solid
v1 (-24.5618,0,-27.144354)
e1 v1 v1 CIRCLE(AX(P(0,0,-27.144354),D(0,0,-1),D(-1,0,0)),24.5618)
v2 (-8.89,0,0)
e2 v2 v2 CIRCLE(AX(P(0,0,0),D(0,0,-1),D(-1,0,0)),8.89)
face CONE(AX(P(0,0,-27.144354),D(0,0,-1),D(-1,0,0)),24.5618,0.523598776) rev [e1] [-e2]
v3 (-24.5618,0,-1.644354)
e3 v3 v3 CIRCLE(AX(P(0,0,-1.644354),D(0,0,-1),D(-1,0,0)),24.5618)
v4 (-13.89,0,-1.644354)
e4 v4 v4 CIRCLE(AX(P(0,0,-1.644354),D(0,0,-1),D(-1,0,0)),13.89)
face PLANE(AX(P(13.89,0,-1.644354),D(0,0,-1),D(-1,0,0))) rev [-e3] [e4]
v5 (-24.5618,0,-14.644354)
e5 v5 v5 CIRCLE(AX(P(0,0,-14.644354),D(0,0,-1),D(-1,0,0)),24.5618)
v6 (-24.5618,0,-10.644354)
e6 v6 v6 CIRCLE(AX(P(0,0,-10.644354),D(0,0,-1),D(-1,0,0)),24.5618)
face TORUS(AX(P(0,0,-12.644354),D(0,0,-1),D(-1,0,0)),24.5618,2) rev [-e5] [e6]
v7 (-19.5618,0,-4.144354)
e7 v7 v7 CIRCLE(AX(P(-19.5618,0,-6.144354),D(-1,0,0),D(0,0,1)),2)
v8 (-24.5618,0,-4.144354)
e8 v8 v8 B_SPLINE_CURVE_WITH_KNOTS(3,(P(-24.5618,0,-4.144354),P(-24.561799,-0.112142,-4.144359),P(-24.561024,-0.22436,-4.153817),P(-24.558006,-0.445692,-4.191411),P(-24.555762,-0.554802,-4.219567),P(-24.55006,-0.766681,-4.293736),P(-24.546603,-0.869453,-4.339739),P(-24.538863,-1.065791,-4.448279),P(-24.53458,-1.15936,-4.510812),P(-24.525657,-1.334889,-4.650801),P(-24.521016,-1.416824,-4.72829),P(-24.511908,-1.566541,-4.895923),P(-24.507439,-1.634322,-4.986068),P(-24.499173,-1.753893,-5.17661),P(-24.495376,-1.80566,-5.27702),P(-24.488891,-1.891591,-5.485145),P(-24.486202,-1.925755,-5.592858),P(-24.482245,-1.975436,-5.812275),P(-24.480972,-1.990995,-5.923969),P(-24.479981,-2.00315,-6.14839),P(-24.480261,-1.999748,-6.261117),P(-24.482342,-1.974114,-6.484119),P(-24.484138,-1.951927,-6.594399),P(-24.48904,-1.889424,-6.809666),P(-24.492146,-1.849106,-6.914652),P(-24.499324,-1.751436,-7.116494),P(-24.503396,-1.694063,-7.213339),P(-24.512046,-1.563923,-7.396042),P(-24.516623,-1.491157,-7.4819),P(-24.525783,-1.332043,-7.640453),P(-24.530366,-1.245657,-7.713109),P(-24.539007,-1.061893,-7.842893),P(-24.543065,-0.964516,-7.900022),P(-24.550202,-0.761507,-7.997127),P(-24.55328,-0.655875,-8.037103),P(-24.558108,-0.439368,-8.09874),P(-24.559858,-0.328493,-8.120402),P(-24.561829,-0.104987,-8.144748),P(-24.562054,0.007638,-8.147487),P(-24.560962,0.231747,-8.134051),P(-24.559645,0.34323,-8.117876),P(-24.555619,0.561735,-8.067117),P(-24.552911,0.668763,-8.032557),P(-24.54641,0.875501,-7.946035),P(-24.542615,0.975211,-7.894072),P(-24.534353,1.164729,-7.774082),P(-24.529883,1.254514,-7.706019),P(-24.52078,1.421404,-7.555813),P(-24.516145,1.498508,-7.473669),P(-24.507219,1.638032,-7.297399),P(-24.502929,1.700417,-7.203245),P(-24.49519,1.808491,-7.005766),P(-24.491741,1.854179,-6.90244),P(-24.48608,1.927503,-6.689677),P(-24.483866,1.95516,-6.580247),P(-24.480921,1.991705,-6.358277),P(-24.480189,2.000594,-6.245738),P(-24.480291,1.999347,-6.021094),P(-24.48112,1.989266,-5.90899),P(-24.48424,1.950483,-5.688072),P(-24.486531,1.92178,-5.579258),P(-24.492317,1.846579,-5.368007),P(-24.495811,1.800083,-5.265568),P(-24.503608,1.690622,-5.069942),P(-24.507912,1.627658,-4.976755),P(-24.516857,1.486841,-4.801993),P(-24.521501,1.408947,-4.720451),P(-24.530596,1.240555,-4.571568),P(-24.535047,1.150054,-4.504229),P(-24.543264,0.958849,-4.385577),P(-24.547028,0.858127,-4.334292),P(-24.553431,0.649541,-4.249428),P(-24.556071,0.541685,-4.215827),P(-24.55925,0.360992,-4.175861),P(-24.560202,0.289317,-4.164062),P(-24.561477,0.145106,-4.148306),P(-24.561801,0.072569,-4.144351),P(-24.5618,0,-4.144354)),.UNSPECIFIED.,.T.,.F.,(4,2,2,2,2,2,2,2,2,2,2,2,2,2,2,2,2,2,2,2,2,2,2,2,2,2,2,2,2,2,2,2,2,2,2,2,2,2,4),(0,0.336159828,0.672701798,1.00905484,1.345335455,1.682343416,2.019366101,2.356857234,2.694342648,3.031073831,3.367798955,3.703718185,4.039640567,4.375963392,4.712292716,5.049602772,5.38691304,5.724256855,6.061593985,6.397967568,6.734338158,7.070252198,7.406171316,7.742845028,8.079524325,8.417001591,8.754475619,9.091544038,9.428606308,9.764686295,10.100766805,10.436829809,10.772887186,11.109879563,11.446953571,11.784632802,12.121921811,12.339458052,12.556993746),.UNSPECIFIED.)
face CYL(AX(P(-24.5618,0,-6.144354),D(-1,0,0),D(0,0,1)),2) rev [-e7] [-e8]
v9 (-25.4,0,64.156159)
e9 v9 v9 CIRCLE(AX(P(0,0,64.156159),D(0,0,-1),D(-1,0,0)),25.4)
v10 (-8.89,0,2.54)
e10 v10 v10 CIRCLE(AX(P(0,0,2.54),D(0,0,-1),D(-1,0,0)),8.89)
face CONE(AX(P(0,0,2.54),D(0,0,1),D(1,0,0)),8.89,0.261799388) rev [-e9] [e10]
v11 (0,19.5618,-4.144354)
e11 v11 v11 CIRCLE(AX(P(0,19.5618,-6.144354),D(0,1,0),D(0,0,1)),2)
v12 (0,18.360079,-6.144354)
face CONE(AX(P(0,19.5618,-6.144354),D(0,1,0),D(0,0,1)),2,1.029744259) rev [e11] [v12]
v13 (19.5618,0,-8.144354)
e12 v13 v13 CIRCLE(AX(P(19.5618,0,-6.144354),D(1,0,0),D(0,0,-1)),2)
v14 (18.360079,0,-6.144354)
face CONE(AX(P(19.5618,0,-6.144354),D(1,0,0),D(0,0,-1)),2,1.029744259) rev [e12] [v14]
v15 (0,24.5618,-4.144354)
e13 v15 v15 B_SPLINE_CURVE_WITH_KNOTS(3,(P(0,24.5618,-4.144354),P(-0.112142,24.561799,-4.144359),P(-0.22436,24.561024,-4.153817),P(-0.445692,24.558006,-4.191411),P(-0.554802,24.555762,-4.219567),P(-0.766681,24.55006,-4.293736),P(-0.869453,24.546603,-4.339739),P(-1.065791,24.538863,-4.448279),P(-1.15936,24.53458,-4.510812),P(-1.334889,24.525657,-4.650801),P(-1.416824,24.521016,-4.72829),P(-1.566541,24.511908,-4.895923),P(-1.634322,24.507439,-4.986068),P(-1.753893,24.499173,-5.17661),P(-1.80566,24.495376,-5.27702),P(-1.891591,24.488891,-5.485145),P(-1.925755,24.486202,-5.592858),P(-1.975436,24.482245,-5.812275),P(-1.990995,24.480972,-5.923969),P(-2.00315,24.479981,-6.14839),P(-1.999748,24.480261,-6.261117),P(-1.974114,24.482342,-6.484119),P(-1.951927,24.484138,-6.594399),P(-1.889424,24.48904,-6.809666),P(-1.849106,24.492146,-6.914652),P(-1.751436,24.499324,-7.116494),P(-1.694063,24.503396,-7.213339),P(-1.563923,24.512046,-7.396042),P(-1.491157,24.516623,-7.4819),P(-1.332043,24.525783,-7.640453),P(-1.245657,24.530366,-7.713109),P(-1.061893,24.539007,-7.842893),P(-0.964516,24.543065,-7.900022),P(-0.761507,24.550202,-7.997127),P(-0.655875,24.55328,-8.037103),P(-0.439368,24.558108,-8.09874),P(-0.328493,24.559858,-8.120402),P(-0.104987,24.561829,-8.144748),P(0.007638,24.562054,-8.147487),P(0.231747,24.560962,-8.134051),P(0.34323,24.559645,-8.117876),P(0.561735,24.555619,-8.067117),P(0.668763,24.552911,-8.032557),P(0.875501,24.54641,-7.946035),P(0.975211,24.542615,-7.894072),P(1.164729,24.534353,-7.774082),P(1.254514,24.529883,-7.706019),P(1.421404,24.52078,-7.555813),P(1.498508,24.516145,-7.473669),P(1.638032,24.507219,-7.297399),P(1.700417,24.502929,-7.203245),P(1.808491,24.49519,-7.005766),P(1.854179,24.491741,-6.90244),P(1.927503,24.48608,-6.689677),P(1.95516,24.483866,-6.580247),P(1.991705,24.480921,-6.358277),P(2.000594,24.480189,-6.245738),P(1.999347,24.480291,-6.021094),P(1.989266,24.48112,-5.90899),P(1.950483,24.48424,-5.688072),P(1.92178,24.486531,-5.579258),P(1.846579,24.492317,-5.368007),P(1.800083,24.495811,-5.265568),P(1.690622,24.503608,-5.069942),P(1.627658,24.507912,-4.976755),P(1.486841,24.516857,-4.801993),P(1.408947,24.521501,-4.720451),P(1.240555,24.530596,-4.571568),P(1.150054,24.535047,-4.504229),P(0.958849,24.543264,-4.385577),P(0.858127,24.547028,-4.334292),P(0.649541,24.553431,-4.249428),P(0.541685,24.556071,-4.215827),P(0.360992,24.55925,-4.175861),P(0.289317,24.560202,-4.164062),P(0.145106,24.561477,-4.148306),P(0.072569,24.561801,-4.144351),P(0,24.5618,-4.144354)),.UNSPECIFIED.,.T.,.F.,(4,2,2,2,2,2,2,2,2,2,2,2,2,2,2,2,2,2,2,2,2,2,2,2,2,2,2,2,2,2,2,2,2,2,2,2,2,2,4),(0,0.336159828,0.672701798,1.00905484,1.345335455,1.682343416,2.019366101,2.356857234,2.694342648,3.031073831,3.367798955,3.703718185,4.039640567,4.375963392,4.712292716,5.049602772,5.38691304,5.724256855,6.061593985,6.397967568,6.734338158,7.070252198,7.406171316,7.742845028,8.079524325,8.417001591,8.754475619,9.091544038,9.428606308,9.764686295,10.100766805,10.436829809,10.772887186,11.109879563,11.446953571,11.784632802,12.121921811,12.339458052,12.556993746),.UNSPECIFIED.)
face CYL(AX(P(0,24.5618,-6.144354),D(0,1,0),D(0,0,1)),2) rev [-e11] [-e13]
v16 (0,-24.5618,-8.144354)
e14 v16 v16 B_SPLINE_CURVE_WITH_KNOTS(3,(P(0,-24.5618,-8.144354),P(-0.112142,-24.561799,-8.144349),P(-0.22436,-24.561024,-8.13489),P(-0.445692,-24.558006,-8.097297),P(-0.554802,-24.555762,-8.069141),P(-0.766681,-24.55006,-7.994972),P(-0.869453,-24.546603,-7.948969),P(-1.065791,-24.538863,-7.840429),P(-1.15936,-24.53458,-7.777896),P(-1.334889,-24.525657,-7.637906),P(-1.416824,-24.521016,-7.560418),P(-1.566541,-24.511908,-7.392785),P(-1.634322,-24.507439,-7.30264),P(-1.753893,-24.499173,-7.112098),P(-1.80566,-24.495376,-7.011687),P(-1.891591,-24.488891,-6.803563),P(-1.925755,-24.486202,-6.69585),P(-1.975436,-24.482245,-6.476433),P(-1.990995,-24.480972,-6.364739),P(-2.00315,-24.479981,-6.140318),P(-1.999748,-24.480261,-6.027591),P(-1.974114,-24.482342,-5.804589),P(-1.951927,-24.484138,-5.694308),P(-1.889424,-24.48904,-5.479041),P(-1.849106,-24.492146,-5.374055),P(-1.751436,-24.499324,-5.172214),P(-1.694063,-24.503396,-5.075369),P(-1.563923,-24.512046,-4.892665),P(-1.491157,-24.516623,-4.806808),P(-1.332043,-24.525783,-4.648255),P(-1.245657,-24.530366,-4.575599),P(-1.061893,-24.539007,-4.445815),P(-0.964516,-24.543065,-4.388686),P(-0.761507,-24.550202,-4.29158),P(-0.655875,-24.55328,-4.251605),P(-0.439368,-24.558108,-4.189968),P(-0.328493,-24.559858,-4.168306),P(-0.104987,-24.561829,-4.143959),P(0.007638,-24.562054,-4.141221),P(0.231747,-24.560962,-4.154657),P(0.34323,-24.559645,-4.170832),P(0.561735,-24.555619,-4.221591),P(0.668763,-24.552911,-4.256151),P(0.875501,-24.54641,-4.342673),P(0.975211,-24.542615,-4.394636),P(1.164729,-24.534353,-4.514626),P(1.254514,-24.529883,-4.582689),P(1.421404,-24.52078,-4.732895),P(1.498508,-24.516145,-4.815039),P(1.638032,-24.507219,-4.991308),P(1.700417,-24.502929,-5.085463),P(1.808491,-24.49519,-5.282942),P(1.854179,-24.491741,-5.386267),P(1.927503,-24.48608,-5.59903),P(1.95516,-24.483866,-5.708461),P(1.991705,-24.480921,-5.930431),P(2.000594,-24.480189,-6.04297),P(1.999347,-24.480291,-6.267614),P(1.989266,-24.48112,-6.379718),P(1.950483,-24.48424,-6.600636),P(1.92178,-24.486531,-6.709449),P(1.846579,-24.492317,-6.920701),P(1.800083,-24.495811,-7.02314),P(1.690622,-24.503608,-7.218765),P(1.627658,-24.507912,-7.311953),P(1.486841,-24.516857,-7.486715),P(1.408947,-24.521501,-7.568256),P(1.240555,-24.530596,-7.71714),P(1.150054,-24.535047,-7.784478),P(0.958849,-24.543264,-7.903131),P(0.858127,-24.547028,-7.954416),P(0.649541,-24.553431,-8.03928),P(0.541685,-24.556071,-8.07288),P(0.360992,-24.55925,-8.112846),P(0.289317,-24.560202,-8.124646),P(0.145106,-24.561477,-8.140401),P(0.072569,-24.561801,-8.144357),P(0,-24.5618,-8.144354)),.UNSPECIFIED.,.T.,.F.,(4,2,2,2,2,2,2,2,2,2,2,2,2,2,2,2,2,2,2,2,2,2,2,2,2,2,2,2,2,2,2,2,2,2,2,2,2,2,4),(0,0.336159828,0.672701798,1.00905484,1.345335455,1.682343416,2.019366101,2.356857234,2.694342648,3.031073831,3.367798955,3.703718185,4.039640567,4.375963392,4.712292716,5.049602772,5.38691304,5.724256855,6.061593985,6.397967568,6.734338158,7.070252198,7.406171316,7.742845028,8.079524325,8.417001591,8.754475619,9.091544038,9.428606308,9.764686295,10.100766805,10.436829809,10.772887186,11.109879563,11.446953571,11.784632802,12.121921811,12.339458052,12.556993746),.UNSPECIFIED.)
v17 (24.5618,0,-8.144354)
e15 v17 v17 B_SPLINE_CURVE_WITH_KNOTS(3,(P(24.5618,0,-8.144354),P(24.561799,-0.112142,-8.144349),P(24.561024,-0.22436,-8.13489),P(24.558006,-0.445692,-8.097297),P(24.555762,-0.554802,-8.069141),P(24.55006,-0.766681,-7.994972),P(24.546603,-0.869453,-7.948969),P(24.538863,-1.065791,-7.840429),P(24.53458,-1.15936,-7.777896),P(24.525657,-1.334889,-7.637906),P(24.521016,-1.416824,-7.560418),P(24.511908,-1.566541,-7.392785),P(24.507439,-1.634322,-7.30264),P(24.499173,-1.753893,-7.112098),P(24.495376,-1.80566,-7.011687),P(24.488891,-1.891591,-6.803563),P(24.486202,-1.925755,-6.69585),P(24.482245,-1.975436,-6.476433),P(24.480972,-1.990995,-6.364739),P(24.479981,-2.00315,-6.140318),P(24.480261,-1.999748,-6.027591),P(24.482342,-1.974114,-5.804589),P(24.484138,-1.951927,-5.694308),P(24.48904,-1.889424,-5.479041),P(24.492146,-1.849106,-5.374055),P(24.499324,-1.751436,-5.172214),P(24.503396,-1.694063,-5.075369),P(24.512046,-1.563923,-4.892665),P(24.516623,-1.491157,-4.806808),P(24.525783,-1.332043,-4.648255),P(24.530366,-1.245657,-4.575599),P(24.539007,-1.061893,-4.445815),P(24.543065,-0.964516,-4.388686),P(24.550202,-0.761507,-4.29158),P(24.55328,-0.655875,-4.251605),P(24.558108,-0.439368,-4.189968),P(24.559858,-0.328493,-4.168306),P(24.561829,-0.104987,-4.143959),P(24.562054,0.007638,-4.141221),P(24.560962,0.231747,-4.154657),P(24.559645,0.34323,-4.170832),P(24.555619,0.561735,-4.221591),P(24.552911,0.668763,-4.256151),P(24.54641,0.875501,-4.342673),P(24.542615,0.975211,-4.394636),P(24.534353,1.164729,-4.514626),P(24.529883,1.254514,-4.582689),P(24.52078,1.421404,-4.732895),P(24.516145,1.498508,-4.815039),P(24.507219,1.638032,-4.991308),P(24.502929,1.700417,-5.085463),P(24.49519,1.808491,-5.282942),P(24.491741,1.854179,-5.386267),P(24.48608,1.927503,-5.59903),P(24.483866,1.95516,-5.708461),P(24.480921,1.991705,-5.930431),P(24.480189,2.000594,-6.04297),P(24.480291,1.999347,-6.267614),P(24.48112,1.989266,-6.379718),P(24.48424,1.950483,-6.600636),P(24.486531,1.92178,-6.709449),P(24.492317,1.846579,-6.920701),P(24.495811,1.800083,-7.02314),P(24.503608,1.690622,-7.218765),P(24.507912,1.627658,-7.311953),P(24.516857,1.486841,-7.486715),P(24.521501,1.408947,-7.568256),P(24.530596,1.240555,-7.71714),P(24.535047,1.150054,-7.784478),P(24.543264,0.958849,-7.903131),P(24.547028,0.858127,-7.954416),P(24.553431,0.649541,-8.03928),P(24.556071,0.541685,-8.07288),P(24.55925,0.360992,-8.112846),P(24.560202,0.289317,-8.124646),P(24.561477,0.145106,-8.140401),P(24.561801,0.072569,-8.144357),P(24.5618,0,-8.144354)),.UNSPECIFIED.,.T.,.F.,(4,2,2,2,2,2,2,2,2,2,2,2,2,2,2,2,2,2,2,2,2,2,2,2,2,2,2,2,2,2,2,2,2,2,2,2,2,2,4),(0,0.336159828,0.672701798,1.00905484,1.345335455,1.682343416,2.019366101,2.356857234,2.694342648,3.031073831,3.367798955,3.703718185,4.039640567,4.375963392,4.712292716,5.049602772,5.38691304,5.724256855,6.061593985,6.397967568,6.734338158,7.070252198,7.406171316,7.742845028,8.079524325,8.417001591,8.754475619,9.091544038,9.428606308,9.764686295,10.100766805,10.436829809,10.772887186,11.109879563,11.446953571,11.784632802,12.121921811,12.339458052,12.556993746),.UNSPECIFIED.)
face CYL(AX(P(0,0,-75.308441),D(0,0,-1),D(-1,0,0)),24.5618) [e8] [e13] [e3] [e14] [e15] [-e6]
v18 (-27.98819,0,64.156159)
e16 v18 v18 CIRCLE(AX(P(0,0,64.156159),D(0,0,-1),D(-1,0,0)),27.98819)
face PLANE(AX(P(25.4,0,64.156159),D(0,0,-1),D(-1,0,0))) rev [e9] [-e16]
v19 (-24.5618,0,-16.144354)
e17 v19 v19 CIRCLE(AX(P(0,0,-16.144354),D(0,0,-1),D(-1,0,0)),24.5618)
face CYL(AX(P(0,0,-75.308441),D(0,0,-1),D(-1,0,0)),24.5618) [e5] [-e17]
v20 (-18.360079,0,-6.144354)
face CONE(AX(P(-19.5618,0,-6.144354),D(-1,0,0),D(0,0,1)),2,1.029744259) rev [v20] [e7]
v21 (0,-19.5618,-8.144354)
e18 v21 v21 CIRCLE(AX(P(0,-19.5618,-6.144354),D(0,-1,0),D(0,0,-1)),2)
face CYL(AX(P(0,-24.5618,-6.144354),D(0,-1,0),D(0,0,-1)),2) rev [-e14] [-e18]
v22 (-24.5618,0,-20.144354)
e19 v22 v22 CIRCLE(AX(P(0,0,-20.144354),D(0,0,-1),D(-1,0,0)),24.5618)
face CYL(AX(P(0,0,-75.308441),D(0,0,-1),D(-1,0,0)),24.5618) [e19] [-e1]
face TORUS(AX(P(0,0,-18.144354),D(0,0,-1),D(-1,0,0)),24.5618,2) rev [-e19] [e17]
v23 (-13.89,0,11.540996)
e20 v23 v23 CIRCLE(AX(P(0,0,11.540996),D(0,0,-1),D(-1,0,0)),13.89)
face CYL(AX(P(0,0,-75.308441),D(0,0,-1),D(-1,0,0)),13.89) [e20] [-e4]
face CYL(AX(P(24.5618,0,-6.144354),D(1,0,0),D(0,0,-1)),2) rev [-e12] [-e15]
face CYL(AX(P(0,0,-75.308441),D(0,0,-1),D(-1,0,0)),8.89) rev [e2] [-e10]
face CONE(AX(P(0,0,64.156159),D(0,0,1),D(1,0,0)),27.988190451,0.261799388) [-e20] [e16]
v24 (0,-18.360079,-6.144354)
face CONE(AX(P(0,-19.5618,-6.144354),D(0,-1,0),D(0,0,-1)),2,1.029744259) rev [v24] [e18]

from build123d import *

# Parameters (mm, degrees)
F_4_0MM_DOWEL_HOLE1_D               = 4
F_4_0MM_DOWEL_HOLE1_DEPTH           = 5
F_4_0MM_DOWEL_HOLE1_TIP             = 1.201721238
F_4_0MM_DOWEL_HOLE1_ON_FACE_2_D     = 4
F_4_0MM_DOWEL_HOLE1_ON_FACE_2_DEPTH = 5
F_4_0MM_DOWEL_HOLE1_ON_FACE_2_TIP   = 1.201721238
F_4_0MM_DOWEL_HOLE1_ON_FACE_3_D     = 4
F_4_0MM_DOWEL_HOLE1_ON_FACE_3_DEPTH = 5
F_4_0MM_DOWEL_HOLE1_ON_FACE_3_TIP   = 1.201721238
F_4_0MM_DOWEL_HOLE1_ON_FACE_4_D     = 4
F_4_0MM_DOWEL_HOLE1_ON_FACE_4_DEPTH = 5
F_4_0MM_DOWEL_HOLE1_ON_FACE_4_TIP   = 1.201721238
F_4_0MM_DOWEL_HOLE1_ON_FACE_5_D     = 4
F_4_0MM_DOWEL_HOLE1_ON_FACE_5_DEPTH = 5
F_4_0MM_DOWEL_HOLE1_ON_FACE_5_TIP   = 1.201721238


with BuildPart() as part:
    # Sketch1 → Revolve2 (revolve)
    with BuildSketch(Plane(origin=(0, 0, 0), x_dir=(1, 0, 0), z_dir=(0, 1, 0)), mode=Mode.PRIVATE) as revolve2_sk:
        with BuildLine():
            Line((24.5618, 27.144353846), (8.89, 0))
            Line((8.89, 0), (8.89, -2.54))
            Line((8.89, -2.54), (25.4, -64.156158833))
            Line((25.4, -64.156158833), (27.988190451, -64.156158833))
            Line((27.988190451, -64.156158833), (13.89, -11.540995775))
            Line((13.89, -11.540995775), (13.89, 1.644353846))
            Line((13.89, 1.644353846), (24.5618, 1.644353846))
            Line((24.5618, 1.644353846), (24.5618, 10.644353846))
            ThreePointArc((24.5618, 10.644353846), (22.5618, 12.644353846), (24.5618, 14.644353846))
            Line((24.5618, 14.644353846), (24.5618, 16.144353846))
            ThreePointArc((24.5618, 16.144353846), (22.5618, 18.144353846), (24.5618, 20.144353846))
            Line((24.5618, 20.144353846), (24.5618, 27.144353846))
        make_face()
    revolve(revolve2_sk.sketch.rotate(Axis((0, 0, -75.308440558), (0, 0, 1)), 180), axis=Axis((0, 0, -75.308440558), (0, 0, 1)))

    # Ø4.0mm Dowel Hole1
    with Locations(Plane(origin=(-24.5618, 0, -6.144353846), x_dir=(0, -1, 0), z_dir=(-1, 0, 0))):
        with Locations((0, 0)):
            Hole(F_4_0MM_DOWEL_HOLE1_D / 2, depth=F_4_0MM_DOWEL_HOLE1_DEPTH)
            with Locations((0, 0, -(F_4_0MM_DOWEL_HOLE1_DEPTH + F_4_0MM_DOWEL_HOLE1_TIP / 2))):  # 118° drill point
                Cone(0, F_4_0MM_DOWEL_HOLE1_D / 2, F_4_0MM_DOWEL_HOLE1_TIP, mode=Mode.SUBTRACT)

    # Ø4.0mm Dowel Hole1 on face 2
    with Locations(Plane(origin=(0, 0, 0), x_dir=(0, -1, 0), z_dir=(-1, 0, 0))):
        with Locations((0, 0)):
            Hole(F_4_0MM_DOWEL_HOLE1_ON_FACE_2_D / 2, depth=F_4_0MM_DOWEL_HOLE1_ON_FACE_2_DEPTH)
            with Locations((0, 0, -(F_4_0MM_DOWEL_HOLE1_ON_FACE_2_DEPTH + F_4_0MM_DOWEL_HOLE1_ON_FACE_2_TIP / 2))):  # 118° drill point
                Cone(0, F_4_0MM_DOWEL_HOLE1_ON_FACE_2_D / 2, F_4_0MM_DOWEL_HOLE1_ON_FACE_2_TIP, mode=Mode.SUBTRACT)

    # Ø4.0mm Dowel Hole1 on face 3
    with Locations(Plane(origin=(0, 24.5618, -6.144353846), x_dir=(0, 0, 1), z_dir=(0, 1, 0))):
        with Locations((0, 0)):
            Hole(F_4_0MM_DOWEL_HOLE1_ON_FACE_3_D / 2, depth=F_4_0MM_DOWEL_HOLE1_ON_FACE_3_DEPTH)
            with Locations((0, 0, -(F_4_0MM_DOWEL_HOLE1_ON_FACE_3_DEPTH + F_4_0MM_DOWEL_HOLE1_ON_FACE_3_TIP / 2))):  # 118° drill point
                Cone(0, F_4_0MM_DOWEL_HOLE1_ON_FACE_3_D / 2, F_4_0MM_DOWEL_HOLE1_ON_FACE_3_TIP, mode=Mode.SUBTRACT)

    # Ø4.0mm Dowel Hole1 on face 4
    with Locations(Plane(origin=(24.5618, 0, -6.144353846), x_dir=(0, 0, 1), z_dir=(1, 0, 0))):
        with Locations((0, 0)):
            Hole(F_4_0MM_DOWEL_HOLE1_ON_FACE_4_D / 2, depth=F_4_0MM_DOWEL_HOLE1_ON_FACE_4_DEPTH)
            with Locations((0, 0, -(F_4_0MM_DOWEL_HOLE1_ON_FACE_4_DEPTH + F_4_0MM_DOWEL_HOLE1_ON_FACE_4_TIP / 2))):  # 118° drill point
                Cone(0, F_4_0MM_DOWEL_HOLE1_ON_FACE_4_D / 2, F_4_0MM_DOWEL_HOLE1_ON_FACE_4_TIP, mode=Mode.SUBTRACT)

    # Ø4.0mm Dowel Hole1 on face 5
    with Locations(Plane(origin=(0, -24.5618, -6.144353846), x_dir=(0, 0, -1), z_dir=(0, -1, 0))):
        with Locations((0, 0)):
            Hole(F_4_0MM_DOWEL_HOLE1_ON_FACE_5_D / 2, depth=F_4_0MM_DOWEL_HOLE1_ON_FACE_5_DEPTH)
            with Locations((0, 0, -(F_4_0MM_DOWEL_HOLE1_ON_FACE_5_DEPTH + F_4_0MM_DOWEL_HOLE1_ON_FACE_5_TIP / 2))):  # 118° drill point
                Cone(0, F_4_0MM_DOWEL_HOLE1_ON_FACE_5_D / 2, F_4_0MM_DOWEL_HOLE1_ON_FACE_5_TIP, mode=Mode.SUBTRACT)


solid = part.part
